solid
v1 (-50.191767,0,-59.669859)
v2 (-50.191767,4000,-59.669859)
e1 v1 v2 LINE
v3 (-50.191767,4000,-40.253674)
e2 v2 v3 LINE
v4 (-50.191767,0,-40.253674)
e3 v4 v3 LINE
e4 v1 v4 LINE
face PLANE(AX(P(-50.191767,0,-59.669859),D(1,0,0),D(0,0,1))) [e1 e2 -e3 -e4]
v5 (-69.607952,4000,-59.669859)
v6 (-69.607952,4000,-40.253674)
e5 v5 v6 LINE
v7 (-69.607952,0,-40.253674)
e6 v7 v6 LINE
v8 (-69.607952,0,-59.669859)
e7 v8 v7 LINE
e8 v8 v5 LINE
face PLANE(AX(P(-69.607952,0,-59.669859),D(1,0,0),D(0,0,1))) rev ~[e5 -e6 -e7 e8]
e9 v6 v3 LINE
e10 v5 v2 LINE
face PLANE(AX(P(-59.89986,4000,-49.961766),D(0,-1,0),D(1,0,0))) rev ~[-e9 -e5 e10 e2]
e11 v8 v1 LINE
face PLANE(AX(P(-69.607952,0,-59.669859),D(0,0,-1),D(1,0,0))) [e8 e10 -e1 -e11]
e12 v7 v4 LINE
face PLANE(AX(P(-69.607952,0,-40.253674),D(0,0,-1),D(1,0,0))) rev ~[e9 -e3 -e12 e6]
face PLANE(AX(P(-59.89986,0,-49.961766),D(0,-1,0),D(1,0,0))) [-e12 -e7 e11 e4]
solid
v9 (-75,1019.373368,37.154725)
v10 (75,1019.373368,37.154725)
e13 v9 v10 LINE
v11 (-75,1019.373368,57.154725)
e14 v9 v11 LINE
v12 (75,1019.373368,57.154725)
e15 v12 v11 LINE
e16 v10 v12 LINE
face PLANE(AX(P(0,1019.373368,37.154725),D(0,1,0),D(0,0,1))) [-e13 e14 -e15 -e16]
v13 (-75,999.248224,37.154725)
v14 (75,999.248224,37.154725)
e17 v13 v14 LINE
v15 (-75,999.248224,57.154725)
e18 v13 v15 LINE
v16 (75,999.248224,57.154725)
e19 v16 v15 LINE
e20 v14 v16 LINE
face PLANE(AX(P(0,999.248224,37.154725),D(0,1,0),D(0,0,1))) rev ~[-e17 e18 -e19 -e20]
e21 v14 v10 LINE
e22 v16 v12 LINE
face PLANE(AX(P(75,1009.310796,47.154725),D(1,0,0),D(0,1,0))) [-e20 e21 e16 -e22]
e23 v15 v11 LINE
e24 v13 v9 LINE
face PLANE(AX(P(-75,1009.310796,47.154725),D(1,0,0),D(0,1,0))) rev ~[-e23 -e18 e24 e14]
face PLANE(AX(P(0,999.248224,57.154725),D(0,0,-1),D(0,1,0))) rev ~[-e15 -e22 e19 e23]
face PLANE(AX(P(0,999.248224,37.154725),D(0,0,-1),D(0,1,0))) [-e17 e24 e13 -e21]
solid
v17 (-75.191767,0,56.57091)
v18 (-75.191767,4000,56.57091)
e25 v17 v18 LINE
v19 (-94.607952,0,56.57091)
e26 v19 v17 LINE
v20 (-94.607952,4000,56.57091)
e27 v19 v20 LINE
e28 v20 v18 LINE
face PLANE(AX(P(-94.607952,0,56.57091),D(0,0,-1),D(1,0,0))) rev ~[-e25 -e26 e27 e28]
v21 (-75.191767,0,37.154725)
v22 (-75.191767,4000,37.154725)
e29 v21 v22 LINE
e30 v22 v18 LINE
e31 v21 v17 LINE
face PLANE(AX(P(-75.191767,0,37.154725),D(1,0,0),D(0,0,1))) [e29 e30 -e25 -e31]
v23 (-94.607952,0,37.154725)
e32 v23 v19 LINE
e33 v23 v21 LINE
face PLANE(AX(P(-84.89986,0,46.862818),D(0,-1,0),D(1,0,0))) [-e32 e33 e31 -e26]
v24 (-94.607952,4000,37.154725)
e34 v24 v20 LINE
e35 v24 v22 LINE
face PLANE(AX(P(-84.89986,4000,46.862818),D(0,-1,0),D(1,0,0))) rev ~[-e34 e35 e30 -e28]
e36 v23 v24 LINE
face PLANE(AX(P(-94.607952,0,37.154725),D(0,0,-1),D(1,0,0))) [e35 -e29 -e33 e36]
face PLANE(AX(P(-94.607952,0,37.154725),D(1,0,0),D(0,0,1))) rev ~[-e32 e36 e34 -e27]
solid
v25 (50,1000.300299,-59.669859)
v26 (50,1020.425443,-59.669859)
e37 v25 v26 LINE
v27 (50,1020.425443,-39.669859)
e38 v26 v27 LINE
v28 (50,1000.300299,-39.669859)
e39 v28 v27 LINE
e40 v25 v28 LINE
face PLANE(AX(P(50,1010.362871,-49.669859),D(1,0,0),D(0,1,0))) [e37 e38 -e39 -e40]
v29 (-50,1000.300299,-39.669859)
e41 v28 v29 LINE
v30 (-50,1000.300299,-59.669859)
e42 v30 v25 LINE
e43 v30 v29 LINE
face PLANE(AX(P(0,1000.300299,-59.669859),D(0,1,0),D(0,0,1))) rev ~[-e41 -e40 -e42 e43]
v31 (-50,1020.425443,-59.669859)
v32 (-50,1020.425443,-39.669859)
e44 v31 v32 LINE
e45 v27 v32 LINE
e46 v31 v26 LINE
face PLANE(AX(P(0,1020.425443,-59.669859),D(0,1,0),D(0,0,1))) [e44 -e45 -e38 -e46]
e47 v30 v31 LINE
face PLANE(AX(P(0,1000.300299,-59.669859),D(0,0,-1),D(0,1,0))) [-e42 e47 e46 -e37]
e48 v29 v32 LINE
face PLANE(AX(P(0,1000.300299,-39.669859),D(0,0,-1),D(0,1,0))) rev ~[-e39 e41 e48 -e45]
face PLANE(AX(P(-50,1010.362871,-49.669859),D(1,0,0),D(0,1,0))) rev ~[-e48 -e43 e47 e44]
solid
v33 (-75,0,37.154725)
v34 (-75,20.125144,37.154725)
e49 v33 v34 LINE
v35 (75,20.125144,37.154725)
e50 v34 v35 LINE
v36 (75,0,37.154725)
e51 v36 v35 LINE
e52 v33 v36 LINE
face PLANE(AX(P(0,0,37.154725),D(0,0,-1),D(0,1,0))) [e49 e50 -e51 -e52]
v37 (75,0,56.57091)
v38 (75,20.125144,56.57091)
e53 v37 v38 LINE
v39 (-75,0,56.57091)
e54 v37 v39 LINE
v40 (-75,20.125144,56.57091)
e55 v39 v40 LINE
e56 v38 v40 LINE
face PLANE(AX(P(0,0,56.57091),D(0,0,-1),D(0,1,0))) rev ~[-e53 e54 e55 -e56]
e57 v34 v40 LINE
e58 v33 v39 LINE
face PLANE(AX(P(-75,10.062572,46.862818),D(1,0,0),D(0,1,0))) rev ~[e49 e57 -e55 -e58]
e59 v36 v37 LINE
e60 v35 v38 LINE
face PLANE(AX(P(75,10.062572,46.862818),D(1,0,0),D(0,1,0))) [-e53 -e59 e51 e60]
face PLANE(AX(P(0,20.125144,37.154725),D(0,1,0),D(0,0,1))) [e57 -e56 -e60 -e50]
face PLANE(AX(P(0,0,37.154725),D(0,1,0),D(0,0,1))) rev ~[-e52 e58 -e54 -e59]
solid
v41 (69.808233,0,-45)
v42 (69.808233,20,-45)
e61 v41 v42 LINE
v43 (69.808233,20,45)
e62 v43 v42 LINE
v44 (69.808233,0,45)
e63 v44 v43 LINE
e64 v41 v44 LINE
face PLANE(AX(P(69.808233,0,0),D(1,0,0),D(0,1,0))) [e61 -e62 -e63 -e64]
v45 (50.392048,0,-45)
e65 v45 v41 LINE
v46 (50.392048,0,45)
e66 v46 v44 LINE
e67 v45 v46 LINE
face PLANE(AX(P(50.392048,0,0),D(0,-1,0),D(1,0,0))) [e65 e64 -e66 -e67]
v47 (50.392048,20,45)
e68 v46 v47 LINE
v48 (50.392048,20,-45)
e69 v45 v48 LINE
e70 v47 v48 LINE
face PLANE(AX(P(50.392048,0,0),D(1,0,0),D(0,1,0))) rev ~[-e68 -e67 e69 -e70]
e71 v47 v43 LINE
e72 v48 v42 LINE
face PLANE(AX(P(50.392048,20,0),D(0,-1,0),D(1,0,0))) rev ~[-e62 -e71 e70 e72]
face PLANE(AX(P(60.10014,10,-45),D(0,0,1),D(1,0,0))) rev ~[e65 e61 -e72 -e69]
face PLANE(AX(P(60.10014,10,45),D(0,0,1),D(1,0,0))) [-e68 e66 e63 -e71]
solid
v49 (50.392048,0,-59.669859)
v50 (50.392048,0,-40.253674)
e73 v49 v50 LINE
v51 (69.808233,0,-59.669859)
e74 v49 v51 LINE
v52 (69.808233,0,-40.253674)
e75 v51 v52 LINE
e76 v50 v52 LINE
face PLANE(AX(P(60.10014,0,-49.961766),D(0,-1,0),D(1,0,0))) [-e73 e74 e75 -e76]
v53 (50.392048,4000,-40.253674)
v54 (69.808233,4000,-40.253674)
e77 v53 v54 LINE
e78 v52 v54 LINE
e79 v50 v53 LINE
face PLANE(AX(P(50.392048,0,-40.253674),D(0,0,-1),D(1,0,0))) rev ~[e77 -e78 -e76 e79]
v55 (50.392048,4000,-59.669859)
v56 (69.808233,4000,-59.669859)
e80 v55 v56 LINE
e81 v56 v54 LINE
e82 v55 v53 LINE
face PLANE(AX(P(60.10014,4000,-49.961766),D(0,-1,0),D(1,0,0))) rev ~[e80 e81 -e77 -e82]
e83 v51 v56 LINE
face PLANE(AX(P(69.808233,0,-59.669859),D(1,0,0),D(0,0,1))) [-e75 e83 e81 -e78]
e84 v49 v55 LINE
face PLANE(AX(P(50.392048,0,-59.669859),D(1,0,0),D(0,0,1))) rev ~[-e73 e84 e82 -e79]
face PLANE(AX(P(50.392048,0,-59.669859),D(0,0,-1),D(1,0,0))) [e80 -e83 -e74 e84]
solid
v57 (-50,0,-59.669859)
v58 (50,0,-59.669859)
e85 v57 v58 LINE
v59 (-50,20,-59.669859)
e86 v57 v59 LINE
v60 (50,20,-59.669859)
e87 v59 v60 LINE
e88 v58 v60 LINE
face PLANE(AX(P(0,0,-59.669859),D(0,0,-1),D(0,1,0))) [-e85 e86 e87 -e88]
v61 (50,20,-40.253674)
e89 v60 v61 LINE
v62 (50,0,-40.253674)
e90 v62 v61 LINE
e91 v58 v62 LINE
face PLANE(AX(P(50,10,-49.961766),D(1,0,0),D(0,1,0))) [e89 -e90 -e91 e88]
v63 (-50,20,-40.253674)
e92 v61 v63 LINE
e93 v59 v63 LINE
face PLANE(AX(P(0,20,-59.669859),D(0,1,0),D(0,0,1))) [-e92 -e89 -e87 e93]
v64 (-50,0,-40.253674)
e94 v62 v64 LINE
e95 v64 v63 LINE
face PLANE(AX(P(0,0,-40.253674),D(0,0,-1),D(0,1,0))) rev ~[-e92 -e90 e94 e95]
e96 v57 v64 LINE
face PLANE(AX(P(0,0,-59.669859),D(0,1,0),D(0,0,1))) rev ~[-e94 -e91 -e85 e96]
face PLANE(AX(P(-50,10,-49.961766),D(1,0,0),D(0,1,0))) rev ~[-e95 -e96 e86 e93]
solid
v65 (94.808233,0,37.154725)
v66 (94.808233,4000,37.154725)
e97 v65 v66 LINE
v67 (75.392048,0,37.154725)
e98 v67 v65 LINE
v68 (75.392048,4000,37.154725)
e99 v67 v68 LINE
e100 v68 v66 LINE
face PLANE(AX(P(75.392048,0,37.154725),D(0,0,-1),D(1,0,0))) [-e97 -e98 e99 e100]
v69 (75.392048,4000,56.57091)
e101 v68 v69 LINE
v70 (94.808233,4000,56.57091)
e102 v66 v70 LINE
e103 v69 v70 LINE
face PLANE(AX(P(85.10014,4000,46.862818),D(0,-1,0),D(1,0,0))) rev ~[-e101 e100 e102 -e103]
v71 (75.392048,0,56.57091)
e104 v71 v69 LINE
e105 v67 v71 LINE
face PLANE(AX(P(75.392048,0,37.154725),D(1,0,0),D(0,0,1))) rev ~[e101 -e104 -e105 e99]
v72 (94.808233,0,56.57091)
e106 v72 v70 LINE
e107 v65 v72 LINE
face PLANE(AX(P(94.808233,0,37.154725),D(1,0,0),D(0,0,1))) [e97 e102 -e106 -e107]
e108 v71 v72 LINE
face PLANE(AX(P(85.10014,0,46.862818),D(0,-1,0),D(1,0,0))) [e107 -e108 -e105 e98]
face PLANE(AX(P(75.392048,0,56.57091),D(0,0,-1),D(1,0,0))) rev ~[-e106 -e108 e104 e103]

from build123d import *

# Parameters (mm, degrees)
F0_W     = 19.4161848675
F0_H     = 19.4161848675
F3_DEPTH = 4000
F1_W     = 20.1251437166
F1_H     = 19.4161848675
F4_DEPTH = 75
F1_W_2   = 20
F5_DEPTH = 50
F1_H_2   = 20
F6_DEPTH = 75
F7_DEPTH = 50
F2_W     = 19.4161848675
F2_H     = 20
F8_DEPTH = 45
F9_ANGLE = 16


with BuildPart() as f3:
    # F0 (on Front) → F3 (new body)
    with BuildSketch(Plane.XZ):
        with Locations((-84.8998599139, 46.86281751)):
            Rectangle(F0_W, F0_H)
    extrude(amount=-F3_DEPTH)


with BuildPart() as f3b:
    # F0 (on Front) → F3, piece 2 (new body)
    with BuildSketch(Plane.XZ):
        with Locations((85.1001400861, 46.86281751)):
            Rectangle(F0_W, F0_H)
    extrude(amount=-F3_DEPTH)


with BuildPart() as f3c:
    # F0 (on Front) → F3, piece 3 (new body)
    with BuildSketch(Plane.XZ):
        with Locations((60.1001400861, -49.9617661451)):
            Rectangle(F0_W, F0_H)
    extrude(amount=-F3_DEPTH)


with BuildPart() as f3d:
    # F0 (on Front) → F3, piece 4 (new body)
    with BuildSketch(Plane.XZ):
        with Locations((-59.8998599139, -49.9617661451)):
            Rectangle(F0_W, F0_H)
    extrude(amount=-F3_DEPTH)


with BuildPart() as f4:
    # F1 (on Right) → F4 (new body, symmetric)
    with BuildSketch(Plane.YZ):
        with Locations((10.0625718583, 46.86281751)):
            Rectangle(F1_W, F1_H)
    extrude(amount=F4_DEPTH, both=True)


with BuildPart() as f5:
    # F1 (on Right) → F5 (new body, symmetric)
    with BuildSketch(Plane.YZ):
        with Locations((10, -49.9617661451)):
            Rectangle(F1_W_2, F1_H)
    extrude(amount=F5_DEPTH, both=True)


with BuildPart() as f6:
    # F1 (on Right) → F6 (new body, symmetric)
    with BuildSketch(Plane.YZ):
        with Locations((1009.3107961635, 47.1547250763)):
            Rectangle(F1_W, F1_H_2)
    extrude(amount=F6_DEPTH, both=True)


with BuildPart() as f7:
    # F1 (on Right) → F7 (new body, symmetric)
    with BuildSketch(Plane.YZ):
        with Locations((1010.3628709306, -49.6698585789)):
            Rectangle(F1_W, F1_H_2)
    extrude(amount=F7_DEPTH, both=True)


with BuildPart() as f8:
    # F2 (on Top) → F8 (new body, symmetric)
    with BuildSketch(Plane.XY):
        with Locations((60.1001400861, 10)):
            Rectangle(F2_W, F2_H)
    extrude(amount=F8_DEPTH, both=True)


with BuildPart() as f8_1:
    # F9: moved
    add(f8.part.rotate(Axis((69.8082325198, 10, -45), (0, 1, 0)), F9_ANGLE))


solid = Compound([f3.part, f3b.part, f3c.part, f3d.part, f4.part, f5.part, f6.part, f7.part, f8_1.part])
